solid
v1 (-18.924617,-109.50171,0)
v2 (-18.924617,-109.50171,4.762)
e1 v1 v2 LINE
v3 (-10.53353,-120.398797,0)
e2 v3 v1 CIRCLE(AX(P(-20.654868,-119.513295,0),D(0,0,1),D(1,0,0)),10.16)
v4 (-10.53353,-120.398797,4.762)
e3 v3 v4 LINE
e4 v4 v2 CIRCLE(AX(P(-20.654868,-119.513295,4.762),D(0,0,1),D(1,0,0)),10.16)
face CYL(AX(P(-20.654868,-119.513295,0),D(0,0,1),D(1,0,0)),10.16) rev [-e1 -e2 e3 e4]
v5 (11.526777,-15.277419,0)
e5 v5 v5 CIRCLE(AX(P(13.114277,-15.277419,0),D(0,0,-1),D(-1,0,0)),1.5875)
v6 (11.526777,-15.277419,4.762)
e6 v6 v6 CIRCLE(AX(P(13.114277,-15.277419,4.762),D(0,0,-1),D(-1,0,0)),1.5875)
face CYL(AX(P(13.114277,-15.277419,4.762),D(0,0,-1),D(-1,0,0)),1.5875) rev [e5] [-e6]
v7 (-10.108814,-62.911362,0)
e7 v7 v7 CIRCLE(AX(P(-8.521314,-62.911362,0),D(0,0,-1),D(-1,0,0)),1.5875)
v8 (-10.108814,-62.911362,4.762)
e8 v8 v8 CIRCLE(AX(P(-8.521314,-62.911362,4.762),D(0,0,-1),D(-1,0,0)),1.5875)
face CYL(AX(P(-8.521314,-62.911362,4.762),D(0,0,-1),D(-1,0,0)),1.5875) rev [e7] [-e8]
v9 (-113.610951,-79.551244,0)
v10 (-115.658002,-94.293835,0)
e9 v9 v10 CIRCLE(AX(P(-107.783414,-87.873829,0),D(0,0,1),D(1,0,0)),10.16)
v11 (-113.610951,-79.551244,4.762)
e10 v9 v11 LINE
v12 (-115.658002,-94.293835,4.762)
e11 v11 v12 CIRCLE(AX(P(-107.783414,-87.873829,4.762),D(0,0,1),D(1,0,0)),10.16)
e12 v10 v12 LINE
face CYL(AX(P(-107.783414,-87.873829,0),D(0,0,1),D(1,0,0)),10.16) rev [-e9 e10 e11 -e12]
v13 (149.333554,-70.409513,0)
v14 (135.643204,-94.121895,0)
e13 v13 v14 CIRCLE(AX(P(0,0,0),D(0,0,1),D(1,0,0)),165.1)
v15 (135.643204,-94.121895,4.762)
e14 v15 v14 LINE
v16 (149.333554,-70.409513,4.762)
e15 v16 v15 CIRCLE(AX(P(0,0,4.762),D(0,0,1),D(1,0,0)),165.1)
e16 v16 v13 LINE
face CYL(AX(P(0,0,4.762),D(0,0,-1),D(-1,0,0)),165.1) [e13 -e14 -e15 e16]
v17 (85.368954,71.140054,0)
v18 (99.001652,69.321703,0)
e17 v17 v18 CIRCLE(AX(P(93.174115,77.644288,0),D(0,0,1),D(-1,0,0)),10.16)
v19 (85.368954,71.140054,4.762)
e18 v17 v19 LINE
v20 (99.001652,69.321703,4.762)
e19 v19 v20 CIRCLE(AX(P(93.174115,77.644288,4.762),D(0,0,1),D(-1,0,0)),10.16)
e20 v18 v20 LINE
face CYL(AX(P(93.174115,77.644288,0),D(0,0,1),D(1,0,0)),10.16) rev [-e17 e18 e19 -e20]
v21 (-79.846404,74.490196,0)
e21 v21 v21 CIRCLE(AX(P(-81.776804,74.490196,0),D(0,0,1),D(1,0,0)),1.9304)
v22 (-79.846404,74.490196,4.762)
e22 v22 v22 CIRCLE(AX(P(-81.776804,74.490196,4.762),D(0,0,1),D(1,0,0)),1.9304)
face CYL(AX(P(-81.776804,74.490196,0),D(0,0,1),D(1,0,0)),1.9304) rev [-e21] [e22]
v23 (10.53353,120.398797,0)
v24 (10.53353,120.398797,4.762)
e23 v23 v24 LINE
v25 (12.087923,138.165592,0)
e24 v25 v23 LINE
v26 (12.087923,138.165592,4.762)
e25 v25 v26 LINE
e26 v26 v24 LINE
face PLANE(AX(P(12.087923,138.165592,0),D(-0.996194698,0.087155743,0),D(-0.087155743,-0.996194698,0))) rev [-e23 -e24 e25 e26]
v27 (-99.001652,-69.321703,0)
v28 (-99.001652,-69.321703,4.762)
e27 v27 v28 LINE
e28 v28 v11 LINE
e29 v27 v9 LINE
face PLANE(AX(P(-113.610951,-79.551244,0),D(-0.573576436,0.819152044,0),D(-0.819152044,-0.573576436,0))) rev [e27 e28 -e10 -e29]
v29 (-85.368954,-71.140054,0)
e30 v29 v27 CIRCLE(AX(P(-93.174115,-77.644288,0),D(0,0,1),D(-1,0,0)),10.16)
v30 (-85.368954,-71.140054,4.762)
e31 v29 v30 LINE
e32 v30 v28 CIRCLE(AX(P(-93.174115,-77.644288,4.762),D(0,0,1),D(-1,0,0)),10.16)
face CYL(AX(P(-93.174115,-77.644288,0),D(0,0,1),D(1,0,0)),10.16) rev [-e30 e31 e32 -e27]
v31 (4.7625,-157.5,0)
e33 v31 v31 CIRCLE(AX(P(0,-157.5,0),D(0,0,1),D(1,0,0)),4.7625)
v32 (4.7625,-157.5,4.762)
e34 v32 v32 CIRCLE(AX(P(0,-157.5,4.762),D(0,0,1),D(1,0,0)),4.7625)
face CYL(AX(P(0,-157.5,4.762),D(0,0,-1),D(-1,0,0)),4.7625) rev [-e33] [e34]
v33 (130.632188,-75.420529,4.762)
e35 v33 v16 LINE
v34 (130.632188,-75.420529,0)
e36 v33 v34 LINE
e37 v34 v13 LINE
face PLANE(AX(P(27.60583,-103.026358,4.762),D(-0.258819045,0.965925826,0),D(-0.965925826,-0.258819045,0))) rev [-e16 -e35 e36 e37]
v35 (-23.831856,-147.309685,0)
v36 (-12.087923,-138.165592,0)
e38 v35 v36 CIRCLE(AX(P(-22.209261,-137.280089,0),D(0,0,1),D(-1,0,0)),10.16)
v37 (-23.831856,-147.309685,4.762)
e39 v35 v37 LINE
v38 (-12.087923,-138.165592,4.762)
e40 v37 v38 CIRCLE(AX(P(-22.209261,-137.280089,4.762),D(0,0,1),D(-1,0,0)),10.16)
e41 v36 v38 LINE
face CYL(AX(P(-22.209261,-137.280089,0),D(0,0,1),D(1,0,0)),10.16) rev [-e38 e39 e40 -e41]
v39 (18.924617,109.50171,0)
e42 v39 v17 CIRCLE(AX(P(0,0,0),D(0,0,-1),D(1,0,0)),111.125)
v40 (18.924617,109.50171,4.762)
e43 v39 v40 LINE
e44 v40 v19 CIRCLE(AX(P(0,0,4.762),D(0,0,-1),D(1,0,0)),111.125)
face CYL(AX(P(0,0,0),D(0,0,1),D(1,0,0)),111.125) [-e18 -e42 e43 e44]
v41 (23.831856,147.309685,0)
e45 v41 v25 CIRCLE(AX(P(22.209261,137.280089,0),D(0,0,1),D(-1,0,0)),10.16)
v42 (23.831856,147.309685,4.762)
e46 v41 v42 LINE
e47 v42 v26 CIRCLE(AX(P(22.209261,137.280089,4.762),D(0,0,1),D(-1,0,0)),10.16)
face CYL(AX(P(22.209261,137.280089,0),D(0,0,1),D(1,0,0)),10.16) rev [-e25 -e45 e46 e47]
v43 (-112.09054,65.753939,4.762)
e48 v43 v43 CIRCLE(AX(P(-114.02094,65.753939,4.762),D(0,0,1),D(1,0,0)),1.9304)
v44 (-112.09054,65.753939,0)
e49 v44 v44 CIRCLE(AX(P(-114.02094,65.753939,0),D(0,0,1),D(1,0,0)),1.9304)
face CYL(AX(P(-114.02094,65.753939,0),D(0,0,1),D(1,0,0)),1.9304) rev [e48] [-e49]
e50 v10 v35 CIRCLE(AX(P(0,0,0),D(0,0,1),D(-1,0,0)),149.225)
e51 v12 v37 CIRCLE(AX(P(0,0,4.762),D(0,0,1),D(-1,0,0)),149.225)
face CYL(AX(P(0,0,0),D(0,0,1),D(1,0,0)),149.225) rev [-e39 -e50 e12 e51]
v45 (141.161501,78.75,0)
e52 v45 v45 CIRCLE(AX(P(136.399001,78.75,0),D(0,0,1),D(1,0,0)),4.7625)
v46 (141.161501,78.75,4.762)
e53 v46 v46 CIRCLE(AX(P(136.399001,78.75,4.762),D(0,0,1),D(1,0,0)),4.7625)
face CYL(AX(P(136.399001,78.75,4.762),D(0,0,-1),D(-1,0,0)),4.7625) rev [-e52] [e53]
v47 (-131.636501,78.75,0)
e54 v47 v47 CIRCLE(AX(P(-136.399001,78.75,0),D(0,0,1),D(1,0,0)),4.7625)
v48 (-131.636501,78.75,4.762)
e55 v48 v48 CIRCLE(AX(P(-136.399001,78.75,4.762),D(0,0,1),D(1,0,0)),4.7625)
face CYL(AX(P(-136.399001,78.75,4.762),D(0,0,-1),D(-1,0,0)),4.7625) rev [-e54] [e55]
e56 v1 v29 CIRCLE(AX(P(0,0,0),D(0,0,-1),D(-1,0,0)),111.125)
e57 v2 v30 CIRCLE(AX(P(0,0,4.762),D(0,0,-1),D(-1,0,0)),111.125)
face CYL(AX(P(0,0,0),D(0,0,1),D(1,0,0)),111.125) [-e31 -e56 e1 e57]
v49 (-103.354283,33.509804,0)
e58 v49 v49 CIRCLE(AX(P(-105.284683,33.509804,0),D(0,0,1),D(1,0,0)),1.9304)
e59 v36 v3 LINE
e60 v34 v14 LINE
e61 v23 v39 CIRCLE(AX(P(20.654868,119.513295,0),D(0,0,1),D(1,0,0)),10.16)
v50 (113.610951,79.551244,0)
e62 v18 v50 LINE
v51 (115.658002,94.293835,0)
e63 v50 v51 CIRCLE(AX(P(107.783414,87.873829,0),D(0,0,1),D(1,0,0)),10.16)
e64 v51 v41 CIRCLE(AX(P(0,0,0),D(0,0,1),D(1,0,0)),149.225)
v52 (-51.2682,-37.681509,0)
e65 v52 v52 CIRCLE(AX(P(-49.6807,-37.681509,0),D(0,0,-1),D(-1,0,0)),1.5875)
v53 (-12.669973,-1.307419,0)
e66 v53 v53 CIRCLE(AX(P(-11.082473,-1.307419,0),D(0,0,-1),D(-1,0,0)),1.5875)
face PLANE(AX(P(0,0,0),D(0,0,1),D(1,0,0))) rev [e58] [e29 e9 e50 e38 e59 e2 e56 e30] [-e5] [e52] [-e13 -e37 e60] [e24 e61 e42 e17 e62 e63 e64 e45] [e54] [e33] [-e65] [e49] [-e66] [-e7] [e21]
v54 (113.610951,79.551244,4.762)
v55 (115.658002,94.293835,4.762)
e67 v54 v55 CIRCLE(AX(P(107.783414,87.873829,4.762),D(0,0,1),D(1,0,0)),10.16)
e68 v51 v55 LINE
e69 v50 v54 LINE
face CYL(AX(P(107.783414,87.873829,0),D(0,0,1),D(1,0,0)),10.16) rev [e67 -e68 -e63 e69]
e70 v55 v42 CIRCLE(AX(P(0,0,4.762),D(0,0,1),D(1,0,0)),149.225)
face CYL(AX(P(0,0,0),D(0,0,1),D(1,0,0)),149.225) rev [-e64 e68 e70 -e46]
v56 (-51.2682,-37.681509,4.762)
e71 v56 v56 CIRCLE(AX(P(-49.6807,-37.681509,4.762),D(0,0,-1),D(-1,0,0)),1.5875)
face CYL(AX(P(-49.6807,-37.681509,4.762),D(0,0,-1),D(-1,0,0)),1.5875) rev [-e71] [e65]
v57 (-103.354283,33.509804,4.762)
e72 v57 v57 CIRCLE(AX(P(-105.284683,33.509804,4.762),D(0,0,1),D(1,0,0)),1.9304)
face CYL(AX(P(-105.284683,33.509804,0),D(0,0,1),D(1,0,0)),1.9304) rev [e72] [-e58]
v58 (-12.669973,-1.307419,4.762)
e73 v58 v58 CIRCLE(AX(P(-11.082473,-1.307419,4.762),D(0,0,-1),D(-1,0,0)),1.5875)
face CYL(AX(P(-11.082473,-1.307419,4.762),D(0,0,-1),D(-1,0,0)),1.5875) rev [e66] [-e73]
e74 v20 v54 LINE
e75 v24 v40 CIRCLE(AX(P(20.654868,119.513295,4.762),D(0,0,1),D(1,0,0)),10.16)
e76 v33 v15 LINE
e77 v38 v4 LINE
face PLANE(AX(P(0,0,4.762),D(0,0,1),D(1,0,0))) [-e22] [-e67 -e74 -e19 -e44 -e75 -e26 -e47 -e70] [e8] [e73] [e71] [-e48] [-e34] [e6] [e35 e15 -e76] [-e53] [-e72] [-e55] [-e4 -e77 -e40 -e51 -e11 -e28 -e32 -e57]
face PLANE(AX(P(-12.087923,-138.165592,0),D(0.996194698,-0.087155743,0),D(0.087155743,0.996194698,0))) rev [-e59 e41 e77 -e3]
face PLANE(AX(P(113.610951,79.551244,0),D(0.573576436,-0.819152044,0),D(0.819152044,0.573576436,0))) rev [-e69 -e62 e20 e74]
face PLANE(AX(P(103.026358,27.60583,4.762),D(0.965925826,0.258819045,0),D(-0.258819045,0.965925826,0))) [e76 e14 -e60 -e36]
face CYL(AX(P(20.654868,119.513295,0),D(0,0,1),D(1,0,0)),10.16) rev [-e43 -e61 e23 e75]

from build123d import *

# Parameters (mm, degrees)
SKETCH1_R                    = 4.7625
BOSS_EXTRUDE1_DEPTH          = 4.762
SKETCH5_R                    = 1.9304
MOTOR_MOUNTING_HOLES_DEPTH   = 5.762
SKETCH7_R                    = 1.5875
ARDUINO_MOUNTING_HOLES_DEPTH = 5.762
HANDLES_DEPTH                = 5.762


with BuildPart() as part:
    # Sketch1 → Boss-Extrude1 (new body)
    with BuildSketch(Plane.XY):
        with BuildLine():
            Line((135.64320405, -94.121895407), (130.632187999, -75.420528906))
            Line((130.632187999, -75.420528906), (149.3335545, -70.409512855))
            ThreePointArc((149.3335545, -70.409512855), (-45.751779591, 158.634122005), (-88.90313596, -139.119525648))
            ThreePointArc((-88.90313596, -139.119525648), (-82.55, -142.980794165), (-76.029475394, -146.552137041))
            ThreePointArc((-76.029475394, -146.552137041), (39.694857608, -160.257069359), (135.64320405, -94.121895407))
        make_face()
        with Locations((0, -157.49999996)):
            Circle(SKETCH1_R, mode=Mode.SUBTRACT)
        with Locations((-136.399001061, 78.74999998)):
            Circle(SKETCH1_R, mode=Mode.SUBTRACT)
        with Locations((136.399001061, 78.74999998)):
            Circle(SKETCH1_R, mode=Mode.SUBTRACT)
    extrude(amount=BOSS_EXTRUDE1_DEPTH)

    # Sketch5 → motor_mounting_holes (cut, through all)
    with BuildSketch(Plane.XY.offset(4.762)):
        with Locations((-114.020939706, 65.753939357)):
            Circle(SKETCH5_R)
        with Locations((-81.776804288, 74.490196087)):
            Circle(SKETCH5_R)
        with Locations((-105.284682976, 33.50980394)):
            Circle(SKETCH5_R)
    extrude(amount=-MOTOR_MOUNTING_HOLES_DEPTH, mode=Mode.SUBTRACT)

    # Sketch7 → arduino mounting holes (cut, through all)
    with BuildSketch(Plane(origin=(0, 0, 0), x_dir=(-1, 0, 0), z_dir=(0, 0, -1))):
        with Locations((-13.114276913, -15.277418882)):
            Circle(SKETCH7_R)
        with Locations((8.521314036, -62.911361657)):
            Circle(SKETCH7_R)
        with Locations((11.082472869, -1.307418882)):
            Circle(SKETCH7_R)
        with Locations((49.680700023, -37.681509395)):
            Circle(SKETCH7_R)
    extrude(amount=-ARDUINO_MOUNTING_HOLES_DEPTH, mode=Mode.SUBTRACT)

    # Sketch8 → handles (cut, through all)
    with BuildSketch(Plane.XY.offset(4.762)):
        with BuildLine():
            Line((12.087922967, 138.165591749), (10.53352986, 120.398797227))
            ThreePointArc((10.53352986, 120.398797227), (12.604919715, 113.314590764), (18.92461727, 109.501709969))
            ThreePointArc((18.92461727, 109.501709969), (55.5625, 96.237072996), (85.368953956, 71.140054298))
            ThreePointArc((85.368953956, 71.140054298), (91.830854363, 67.573476067), (99.001652054, 69.321703063))
            Line((99.001652054, 69.321703063), (113.6109509, 79.551244243))
            ThreePointArc((113.6109509, 79.551244243), (117.84686521, 86.476490147), (115.658001653, 94.293834786))
            ThreePointArc((115.658001653, 94.293834786), (74.6125, 129.23264088), (23.831855518, 147.309684975))
            ThreePointArc((23.831855518, 147.309684975), (15.967404692, 145.296624102), (12.087922967, 138.165591749))
        make_face()
        with BuildLine():
            Line((-113.6109509, -79.551244243), (-99.001652054, -69.321703063))
            ThreePointArc((-99.001652054, -69.321703063), (-91.830854363, -67.573476067), (-85.368953956, -71.140054298))
            ThreePointArc((-85.368953956, -71.140054298), (-55.5625, -96.237072996), (-18.92461727, -109.501709969))
            ThreePointArc((-18.92461727, -109.501709969), (-12.604919715, -113.314590764), (-10.53352986, -120.398797227))
            Line((-10.53352986, -120.398797227), (-12.087922967, -138.165591749))
            ThreePointArc((-12.087922967, -138.165591749), (-15.967404692, -145.296624102), (-23.831855518, -147.309684975))
            ThreePointArc((-23.831855518, -147.309684975), (-74.6125, -129.23264088), (-115.658001653, -94.293834786))
            ThreePointArc((-115.658001653, -94.293834786), (-117.84686521, -86.476490147), (-113.6109509, -79.551244243))
        make_face()
    extrude(amount=-HANDLES_DEPTH, mode=Mode.SUBTRACT)


solid = part.part
